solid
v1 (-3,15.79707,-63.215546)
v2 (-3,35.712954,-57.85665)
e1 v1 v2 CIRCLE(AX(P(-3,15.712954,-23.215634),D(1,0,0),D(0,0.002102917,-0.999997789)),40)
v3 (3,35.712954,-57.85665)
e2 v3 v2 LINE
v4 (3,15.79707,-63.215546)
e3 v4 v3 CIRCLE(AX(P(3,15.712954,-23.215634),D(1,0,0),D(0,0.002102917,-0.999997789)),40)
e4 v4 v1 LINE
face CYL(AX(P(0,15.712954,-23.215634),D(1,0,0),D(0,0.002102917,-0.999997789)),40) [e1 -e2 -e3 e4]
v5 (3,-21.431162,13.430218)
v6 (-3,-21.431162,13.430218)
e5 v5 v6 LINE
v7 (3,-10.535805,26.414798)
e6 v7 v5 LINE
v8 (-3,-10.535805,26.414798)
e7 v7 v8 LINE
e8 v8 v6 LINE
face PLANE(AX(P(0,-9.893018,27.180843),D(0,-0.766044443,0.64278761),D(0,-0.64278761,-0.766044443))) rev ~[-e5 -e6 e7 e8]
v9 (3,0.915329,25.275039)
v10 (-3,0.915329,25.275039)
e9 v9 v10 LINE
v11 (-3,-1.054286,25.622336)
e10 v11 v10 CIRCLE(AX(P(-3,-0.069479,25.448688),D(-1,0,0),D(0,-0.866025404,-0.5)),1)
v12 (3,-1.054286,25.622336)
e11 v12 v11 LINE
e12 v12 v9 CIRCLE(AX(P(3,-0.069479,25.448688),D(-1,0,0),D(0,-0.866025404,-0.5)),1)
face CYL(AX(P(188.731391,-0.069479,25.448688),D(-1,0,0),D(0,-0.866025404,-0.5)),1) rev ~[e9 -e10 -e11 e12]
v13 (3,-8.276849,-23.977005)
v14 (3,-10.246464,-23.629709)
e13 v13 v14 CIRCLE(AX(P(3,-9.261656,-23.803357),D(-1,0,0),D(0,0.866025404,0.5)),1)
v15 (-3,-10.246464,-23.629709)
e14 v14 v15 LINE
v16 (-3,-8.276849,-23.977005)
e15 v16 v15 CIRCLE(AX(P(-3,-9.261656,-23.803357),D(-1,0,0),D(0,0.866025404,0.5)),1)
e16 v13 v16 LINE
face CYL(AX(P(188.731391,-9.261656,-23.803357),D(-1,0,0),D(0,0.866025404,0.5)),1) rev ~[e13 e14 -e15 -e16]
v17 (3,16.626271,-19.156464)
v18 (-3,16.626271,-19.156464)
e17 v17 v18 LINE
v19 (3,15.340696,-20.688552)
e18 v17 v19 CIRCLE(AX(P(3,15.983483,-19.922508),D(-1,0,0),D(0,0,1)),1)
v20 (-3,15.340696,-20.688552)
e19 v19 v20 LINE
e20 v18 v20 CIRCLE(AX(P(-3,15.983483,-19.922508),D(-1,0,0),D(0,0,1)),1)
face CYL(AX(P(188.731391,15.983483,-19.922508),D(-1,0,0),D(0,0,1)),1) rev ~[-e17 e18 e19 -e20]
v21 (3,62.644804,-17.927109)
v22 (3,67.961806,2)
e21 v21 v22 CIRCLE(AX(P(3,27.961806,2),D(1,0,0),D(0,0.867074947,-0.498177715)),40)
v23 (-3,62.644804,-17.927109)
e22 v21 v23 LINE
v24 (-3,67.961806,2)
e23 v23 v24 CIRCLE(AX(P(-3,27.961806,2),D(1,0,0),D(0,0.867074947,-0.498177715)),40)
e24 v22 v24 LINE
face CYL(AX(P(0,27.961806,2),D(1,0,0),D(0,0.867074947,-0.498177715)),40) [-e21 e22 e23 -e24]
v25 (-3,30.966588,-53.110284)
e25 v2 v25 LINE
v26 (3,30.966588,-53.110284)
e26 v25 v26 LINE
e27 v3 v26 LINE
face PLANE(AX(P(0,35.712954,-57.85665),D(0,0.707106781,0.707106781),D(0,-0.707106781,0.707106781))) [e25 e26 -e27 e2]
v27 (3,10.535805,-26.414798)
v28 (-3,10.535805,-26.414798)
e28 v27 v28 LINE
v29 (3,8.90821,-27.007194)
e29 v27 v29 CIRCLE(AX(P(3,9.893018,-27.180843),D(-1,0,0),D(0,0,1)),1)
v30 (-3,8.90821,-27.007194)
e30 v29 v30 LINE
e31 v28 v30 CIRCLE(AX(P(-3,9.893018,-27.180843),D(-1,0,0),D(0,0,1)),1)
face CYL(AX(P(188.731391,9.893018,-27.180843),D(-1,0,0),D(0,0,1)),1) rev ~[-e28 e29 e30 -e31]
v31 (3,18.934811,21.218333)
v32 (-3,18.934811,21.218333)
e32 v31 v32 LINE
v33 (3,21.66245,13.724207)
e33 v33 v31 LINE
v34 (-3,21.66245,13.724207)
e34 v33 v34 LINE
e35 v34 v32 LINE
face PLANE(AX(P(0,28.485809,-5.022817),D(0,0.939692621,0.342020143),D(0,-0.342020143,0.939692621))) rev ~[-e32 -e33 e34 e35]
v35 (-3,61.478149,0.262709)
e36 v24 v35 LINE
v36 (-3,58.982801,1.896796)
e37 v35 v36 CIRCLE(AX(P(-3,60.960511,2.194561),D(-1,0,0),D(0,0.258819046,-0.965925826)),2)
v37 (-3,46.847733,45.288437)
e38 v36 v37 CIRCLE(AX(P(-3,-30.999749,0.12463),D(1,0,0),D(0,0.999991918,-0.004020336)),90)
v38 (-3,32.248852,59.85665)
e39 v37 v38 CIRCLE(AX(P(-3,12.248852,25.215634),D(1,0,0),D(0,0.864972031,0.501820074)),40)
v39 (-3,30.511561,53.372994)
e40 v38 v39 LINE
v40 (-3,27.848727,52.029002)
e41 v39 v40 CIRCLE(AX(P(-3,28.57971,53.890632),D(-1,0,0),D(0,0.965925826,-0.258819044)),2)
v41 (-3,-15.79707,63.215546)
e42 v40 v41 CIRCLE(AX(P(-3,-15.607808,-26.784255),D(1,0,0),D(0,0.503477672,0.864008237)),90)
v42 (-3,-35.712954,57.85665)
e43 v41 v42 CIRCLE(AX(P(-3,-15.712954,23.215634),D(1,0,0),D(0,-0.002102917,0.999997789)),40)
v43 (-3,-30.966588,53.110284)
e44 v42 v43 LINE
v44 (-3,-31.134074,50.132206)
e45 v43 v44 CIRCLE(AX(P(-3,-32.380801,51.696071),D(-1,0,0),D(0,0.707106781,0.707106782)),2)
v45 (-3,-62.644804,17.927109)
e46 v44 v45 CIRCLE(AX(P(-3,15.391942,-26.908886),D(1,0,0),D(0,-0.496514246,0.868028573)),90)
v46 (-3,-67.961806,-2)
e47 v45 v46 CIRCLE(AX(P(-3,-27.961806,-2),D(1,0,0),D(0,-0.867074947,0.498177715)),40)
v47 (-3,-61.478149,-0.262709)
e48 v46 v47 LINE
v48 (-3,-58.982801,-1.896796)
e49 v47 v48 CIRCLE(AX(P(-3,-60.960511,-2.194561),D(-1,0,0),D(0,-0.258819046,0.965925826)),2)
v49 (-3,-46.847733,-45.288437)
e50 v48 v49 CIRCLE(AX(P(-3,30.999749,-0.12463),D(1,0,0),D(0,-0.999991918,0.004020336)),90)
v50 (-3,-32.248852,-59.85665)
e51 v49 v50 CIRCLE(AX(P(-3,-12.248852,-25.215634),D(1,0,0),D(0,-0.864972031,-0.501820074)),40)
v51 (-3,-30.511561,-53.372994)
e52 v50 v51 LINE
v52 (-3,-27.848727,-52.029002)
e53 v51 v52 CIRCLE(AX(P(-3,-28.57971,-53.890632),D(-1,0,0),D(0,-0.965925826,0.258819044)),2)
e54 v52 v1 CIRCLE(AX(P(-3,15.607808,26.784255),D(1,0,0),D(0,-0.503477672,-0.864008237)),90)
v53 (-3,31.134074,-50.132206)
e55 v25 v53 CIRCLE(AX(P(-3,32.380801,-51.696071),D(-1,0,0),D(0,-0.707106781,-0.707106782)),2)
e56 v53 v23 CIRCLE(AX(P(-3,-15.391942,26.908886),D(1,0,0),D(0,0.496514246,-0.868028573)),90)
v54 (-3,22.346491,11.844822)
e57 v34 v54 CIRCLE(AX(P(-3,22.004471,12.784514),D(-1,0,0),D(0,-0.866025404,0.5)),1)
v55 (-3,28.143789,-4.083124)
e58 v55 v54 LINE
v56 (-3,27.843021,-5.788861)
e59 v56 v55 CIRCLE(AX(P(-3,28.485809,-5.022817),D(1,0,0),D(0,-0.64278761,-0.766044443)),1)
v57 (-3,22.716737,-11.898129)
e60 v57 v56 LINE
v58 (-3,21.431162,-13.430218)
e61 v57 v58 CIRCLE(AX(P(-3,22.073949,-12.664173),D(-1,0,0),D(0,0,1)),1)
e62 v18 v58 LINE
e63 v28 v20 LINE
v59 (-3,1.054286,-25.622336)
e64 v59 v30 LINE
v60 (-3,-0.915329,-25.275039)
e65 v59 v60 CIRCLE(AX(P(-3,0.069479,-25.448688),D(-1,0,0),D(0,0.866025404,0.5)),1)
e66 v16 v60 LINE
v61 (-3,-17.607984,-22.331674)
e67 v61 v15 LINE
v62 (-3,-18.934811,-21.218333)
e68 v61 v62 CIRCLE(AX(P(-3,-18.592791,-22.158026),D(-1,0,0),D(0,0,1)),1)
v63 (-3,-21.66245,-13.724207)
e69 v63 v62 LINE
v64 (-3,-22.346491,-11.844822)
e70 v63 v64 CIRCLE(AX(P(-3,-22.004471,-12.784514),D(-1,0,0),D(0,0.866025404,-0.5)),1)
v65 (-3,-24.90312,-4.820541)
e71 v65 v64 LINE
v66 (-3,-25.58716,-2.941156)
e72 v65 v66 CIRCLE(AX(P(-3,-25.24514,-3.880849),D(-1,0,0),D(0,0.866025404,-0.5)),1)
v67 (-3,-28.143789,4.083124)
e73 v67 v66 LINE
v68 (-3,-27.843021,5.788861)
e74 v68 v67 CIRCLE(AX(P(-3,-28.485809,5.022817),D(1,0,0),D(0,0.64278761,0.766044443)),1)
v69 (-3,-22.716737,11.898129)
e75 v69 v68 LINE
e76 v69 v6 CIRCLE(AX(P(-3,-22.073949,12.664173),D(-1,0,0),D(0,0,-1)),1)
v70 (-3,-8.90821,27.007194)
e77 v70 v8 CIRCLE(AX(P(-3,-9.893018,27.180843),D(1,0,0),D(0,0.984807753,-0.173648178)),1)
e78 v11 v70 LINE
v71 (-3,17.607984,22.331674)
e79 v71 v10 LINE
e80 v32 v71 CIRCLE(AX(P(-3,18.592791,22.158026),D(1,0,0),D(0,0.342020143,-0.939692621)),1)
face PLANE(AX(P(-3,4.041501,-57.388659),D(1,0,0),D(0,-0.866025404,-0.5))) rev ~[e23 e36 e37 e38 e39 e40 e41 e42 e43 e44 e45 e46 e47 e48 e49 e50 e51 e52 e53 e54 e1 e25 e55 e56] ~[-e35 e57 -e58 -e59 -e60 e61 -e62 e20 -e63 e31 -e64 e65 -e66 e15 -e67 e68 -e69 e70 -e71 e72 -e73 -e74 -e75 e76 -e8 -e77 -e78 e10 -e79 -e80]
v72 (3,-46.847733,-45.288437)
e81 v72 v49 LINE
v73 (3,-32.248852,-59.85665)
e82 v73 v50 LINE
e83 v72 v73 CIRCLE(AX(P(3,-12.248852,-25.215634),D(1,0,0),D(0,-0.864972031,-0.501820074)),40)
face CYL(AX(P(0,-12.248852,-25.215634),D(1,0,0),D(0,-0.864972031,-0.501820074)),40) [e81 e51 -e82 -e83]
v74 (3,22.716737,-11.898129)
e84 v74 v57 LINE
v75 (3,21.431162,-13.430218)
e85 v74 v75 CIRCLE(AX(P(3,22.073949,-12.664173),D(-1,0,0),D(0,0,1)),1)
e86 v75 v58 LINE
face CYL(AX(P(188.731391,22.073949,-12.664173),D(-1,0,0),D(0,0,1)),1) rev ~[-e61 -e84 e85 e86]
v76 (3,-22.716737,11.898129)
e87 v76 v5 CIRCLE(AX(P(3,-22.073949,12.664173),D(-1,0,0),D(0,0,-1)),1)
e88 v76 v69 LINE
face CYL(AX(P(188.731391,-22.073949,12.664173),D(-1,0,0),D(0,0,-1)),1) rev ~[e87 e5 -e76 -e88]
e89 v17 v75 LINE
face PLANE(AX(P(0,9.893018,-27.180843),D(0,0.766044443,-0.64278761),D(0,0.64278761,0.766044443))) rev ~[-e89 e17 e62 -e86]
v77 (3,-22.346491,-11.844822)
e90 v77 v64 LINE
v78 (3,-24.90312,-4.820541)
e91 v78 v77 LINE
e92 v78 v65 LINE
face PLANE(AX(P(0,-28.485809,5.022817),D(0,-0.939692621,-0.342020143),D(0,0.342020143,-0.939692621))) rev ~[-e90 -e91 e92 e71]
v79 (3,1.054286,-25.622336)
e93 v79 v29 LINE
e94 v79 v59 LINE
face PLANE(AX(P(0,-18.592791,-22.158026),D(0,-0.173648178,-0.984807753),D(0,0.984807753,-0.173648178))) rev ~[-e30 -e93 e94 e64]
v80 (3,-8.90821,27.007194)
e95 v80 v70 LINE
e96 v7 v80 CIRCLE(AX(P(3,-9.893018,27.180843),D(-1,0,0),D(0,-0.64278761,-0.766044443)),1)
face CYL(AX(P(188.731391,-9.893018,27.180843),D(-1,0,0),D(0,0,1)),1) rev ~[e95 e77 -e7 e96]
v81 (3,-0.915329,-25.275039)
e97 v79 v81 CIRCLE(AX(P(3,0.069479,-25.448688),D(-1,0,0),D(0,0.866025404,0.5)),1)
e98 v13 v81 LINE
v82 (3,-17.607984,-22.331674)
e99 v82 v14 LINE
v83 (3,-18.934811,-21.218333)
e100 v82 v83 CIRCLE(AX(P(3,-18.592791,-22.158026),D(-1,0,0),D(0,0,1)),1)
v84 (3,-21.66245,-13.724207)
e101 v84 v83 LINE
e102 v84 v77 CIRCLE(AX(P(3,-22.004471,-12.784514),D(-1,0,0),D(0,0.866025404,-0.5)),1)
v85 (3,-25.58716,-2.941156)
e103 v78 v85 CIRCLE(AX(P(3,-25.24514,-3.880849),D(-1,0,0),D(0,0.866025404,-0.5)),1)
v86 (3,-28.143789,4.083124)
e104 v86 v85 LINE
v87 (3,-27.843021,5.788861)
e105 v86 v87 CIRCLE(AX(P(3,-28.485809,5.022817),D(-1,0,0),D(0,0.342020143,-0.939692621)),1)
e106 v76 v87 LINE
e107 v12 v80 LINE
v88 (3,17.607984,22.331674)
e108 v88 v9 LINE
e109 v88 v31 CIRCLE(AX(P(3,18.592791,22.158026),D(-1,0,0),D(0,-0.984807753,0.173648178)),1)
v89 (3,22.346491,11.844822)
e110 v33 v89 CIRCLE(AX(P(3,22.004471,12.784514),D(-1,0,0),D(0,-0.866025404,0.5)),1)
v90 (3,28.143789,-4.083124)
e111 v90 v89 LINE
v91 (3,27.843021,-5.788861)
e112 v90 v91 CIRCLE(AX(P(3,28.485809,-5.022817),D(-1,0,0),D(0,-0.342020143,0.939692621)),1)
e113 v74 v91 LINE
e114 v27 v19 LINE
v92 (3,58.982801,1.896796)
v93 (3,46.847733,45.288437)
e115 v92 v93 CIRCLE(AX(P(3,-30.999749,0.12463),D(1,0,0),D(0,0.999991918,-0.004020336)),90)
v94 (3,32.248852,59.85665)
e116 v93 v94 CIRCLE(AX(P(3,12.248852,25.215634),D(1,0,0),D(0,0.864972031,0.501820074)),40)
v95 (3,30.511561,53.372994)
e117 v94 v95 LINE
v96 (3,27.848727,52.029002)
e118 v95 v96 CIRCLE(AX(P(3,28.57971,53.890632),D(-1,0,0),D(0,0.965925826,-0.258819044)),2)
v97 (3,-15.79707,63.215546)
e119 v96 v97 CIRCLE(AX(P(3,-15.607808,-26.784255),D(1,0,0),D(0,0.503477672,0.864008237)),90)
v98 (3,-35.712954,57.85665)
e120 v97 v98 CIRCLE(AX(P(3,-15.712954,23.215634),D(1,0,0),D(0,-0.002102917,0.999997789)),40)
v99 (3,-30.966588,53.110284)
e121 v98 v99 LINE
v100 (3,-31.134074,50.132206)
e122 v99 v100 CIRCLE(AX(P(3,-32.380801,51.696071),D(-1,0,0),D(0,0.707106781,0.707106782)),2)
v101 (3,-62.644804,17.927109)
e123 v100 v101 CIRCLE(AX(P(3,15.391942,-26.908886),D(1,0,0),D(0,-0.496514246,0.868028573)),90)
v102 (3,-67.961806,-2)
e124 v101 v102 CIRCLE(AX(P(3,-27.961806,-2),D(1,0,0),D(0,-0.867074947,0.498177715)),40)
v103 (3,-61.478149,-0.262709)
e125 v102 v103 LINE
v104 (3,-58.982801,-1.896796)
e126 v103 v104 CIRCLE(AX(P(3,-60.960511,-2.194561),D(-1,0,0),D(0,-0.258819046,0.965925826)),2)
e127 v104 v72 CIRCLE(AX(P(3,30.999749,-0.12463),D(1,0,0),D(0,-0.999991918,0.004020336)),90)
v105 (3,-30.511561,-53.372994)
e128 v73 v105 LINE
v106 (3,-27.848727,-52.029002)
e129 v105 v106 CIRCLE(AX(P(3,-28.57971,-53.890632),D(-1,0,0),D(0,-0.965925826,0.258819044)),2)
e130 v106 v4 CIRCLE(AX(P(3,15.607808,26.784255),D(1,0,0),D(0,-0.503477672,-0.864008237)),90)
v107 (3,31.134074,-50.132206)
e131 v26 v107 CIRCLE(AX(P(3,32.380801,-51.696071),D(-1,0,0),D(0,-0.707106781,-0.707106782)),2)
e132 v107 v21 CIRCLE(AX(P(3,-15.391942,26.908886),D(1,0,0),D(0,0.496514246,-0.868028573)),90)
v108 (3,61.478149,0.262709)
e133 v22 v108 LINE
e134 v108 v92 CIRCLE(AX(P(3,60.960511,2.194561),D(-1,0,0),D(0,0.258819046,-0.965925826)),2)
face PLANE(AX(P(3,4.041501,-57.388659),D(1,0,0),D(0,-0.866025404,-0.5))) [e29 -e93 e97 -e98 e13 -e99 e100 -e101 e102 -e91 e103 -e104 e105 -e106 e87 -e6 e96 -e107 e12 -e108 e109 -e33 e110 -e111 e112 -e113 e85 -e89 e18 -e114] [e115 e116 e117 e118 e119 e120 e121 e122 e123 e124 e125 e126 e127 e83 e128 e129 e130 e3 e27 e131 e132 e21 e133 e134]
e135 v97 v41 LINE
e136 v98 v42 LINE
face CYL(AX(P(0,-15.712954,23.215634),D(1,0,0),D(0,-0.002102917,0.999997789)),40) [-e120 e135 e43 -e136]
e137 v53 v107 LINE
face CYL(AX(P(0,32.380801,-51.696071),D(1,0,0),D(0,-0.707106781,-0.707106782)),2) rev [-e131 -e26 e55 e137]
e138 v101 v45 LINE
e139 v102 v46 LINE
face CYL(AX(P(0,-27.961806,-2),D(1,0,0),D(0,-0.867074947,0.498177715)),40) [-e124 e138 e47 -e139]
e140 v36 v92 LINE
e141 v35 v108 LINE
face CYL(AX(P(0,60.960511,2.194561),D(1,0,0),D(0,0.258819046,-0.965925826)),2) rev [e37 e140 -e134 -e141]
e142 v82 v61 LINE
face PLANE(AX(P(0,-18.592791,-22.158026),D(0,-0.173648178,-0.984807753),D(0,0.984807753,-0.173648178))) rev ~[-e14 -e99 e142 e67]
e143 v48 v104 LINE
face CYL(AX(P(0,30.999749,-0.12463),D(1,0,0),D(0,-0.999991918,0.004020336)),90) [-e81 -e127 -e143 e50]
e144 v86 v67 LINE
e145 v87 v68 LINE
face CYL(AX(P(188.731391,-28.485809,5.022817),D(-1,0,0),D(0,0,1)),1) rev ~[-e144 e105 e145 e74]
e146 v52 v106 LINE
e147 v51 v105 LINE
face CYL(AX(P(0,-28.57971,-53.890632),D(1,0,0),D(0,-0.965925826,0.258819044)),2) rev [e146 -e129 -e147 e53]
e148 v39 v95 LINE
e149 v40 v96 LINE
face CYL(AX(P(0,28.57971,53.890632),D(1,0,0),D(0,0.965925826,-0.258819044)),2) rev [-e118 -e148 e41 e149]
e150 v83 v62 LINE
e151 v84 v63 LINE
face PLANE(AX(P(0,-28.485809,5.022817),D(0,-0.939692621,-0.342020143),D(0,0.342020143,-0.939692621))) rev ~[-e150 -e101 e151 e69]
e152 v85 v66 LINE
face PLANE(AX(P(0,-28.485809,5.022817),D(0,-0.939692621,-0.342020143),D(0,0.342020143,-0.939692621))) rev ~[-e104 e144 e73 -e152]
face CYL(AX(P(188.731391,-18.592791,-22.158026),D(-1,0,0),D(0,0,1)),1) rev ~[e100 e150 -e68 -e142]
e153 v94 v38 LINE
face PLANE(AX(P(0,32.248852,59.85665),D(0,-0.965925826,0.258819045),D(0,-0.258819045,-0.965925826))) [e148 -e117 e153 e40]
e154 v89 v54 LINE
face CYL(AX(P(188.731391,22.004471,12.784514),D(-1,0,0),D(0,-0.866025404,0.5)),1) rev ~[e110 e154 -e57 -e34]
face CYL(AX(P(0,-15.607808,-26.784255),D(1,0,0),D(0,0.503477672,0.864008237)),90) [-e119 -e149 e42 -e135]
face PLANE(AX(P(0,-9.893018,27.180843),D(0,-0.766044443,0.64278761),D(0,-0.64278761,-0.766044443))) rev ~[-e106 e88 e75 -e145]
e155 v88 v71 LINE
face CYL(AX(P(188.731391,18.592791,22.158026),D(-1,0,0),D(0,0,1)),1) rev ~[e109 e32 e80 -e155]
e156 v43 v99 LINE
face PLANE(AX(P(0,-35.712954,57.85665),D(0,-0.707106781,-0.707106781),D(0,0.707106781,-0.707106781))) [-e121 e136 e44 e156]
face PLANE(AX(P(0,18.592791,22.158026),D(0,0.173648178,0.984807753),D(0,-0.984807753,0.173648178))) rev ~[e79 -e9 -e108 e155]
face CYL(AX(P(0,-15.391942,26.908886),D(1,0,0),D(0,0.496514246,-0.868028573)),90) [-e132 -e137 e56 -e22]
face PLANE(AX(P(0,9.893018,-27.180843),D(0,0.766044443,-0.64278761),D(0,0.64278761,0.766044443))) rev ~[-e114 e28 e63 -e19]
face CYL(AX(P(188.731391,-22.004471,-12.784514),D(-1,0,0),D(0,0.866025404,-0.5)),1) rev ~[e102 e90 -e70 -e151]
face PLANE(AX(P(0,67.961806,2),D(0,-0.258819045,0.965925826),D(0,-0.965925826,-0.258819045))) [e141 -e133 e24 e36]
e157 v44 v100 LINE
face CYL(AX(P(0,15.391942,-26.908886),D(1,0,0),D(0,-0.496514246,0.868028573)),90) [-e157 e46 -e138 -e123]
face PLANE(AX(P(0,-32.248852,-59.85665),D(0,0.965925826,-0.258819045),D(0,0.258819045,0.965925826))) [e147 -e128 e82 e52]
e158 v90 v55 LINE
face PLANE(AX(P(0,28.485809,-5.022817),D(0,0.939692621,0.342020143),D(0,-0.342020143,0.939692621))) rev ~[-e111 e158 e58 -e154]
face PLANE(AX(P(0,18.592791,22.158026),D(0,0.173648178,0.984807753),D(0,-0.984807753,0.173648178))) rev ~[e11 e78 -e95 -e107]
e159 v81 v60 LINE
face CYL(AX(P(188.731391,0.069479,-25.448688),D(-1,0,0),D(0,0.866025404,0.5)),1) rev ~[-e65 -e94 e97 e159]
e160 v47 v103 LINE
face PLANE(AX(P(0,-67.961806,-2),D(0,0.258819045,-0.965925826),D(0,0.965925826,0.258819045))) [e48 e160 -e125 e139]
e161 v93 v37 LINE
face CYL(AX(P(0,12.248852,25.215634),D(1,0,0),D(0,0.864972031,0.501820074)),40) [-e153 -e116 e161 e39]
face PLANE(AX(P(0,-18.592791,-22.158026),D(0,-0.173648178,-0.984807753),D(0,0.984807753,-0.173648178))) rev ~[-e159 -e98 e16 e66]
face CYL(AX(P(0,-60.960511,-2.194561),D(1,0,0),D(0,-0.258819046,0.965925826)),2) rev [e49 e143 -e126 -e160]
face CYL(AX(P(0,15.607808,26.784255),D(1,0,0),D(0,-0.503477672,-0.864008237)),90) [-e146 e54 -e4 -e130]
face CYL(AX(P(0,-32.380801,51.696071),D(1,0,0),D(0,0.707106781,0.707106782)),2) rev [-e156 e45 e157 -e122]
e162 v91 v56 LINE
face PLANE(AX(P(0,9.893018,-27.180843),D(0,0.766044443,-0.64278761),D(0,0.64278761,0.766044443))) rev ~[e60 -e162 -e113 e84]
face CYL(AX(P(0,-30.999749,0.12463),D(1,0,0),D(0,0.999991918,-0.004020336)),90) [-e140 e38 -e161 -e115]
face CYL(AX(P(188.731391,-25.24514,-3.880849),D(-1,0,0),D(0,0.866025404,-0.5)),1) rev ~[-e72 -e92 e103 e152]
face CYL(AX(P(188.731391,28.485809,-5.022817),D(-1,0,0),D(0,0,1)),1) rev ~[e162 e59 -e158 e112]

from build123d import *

# Parameters (mm, degrees)
SKETCH1_R                = 59
EXTRUDE1_DEPTH           = 3
EXTRUDE2_DEPTH           = 3
CIRPATTERN1_COUNT        = 6
F_2_0_2_DIAMETER_HOLE1_D = 2
F_2_0_2_DIAMETER_HOLE3_D = 2
F_2_0_2_DIAMETER_HOLE4_D = 2
CIRPATTERN2_COUNT        = 6
CIRPATTERN3_COUNT        = 3
CIRPATTERN3_ANGLE        = 120


with BuildPart() as part:
    # Sketch1 → Extrude1 (new, symmetric)
    with BuildSketch(Plane(origin=(0, 0, 0), x_dir=(0, 0, -1), z_dir=(1, 0, 0))):
        Circle(SKETCH1_R)
        Polygon((27.180842557, 9.893017633), (5.022816688, 28.485808967), (-22.158025869, 18.592791334), (-27.180842557, -9.893017633), (-5.022816688, -28.485808967), (22.158025869, -18.592791334), align=None, mode=Mode.SUBTRACT)
    extrude(amount=EXTRUDE1_DEPTH, both=True)

    # Sketch2 → Extrude2 (add, symmetric)
    with BuildSketch(Plane(origin=(0, 0, 0), x_dir=(0, 0, -1), z_dir=(1, 0, 0))):
        with BuildLine():
            Line((-2, 67.961805723), (-0.262709442, 61.478149092))
            ThreePointArc((-0.262709442, 61.478149092), (-0.58620663, 59.77173183), (-2.122608272, 58.961805723))
            ThreePointArc((-2.122608272, 58.961805723), (28.679663449, 51.560419941), (51.21368579, 29.294340542))
            ThreePointArc((51.21368579, 29.294340542), (36.791707484, 48.186627241), (17.927108603, 62.644803614))
            ThreePointArc((17.927108603, 62.644803614), (8.312130826, 66.609702921), (-2, 67.961805723))
        make_face()
    extrude2 = extrude(amount=EXTRUDE2_DEPTH, both=True)

    # CirPattern1: Extrude2 ×6 about axis
    cirpattern1_axis = Axis((0, 0, 0), (1, 0, 0))
    for i in range(1, CIRPATTERN1_COUNT):
        add(extrude2.rotate(cirpattern1_axis, i * 360 / CIRPATTERN1_COUNT))

    # Ø2.0 (2) Diameter Hole1 (through all)
    with Locations(Plane(origin=(3, 0, 0), x_dir=(0, 0, -1), z_dir=(1, 0, 0))):
        with Locations((5.022816688, 28.485808967), (27.180842557, 9.893017633), (22.158025869, -18.592791334), (-5.022816688, -28.485808967), (-27.180842557, -9.893017633), (-22.158025869, 18.592791334)):
            Hole(F_2_0_2_DIAMETER_HOLE1_D / 2)

    # Ø2.0 (2) Diameter Hole3 (through all)
    with Locations(Plane(origin=(3, 0, 0), x_dir=(0, 0, -1), z_dir=(1, 0, 0))):
        with Locations((12.664173459, 22.073949319)):
            f_2_0_2_diameter_hole3 = Hole(F_2_0_2_DIAMETER_HOLE3_D / 2)

    # Ø2.0 (2) Diameter Hole4 (through all)
    with Locations(Plane(origin=(3, 0, 0), x_dir=(0, 0, -1), z_dir=(1, 0, 0))):
        with Locations((19.922508008, 15.983483476)):
            f_2_0_2_diameter_hole4 = Hole(F_2_0_2_DIAMETER_HOLE4_D / 2)

    # CirPattern2: Ø2.0 (2) Diameter Hole3 ×6 about axis
    cirpattern2_axis = Axis((0, 0, 0), (1, 0, 0))
    for i in range(1, CIRPATTERN2_COUNT):
        add(f_2_0_2_diameter_hole3.rotate(cirpattern2_axis, i * 360 / CIRPATTERN2_COUNT), mode=Mode.SUBTRACT)

    # CirPattern3: Ø2.0 (2) Diameter Hole4 ×3 about axis
    cirpattern3_axis = Axis((0, 0, 0), (-1, 0, 0))
    for i in range(1, CIRPATTERN3_COUNT):
        add(f_2_0_2_diameter_hole4.rotate(cirpattern3_axis, i * CIRPATTERN3_ANGLE / (CIRPATTERN3_COUNT - 1)), mode=Mode.SUBTRACT)


solid = part.part
